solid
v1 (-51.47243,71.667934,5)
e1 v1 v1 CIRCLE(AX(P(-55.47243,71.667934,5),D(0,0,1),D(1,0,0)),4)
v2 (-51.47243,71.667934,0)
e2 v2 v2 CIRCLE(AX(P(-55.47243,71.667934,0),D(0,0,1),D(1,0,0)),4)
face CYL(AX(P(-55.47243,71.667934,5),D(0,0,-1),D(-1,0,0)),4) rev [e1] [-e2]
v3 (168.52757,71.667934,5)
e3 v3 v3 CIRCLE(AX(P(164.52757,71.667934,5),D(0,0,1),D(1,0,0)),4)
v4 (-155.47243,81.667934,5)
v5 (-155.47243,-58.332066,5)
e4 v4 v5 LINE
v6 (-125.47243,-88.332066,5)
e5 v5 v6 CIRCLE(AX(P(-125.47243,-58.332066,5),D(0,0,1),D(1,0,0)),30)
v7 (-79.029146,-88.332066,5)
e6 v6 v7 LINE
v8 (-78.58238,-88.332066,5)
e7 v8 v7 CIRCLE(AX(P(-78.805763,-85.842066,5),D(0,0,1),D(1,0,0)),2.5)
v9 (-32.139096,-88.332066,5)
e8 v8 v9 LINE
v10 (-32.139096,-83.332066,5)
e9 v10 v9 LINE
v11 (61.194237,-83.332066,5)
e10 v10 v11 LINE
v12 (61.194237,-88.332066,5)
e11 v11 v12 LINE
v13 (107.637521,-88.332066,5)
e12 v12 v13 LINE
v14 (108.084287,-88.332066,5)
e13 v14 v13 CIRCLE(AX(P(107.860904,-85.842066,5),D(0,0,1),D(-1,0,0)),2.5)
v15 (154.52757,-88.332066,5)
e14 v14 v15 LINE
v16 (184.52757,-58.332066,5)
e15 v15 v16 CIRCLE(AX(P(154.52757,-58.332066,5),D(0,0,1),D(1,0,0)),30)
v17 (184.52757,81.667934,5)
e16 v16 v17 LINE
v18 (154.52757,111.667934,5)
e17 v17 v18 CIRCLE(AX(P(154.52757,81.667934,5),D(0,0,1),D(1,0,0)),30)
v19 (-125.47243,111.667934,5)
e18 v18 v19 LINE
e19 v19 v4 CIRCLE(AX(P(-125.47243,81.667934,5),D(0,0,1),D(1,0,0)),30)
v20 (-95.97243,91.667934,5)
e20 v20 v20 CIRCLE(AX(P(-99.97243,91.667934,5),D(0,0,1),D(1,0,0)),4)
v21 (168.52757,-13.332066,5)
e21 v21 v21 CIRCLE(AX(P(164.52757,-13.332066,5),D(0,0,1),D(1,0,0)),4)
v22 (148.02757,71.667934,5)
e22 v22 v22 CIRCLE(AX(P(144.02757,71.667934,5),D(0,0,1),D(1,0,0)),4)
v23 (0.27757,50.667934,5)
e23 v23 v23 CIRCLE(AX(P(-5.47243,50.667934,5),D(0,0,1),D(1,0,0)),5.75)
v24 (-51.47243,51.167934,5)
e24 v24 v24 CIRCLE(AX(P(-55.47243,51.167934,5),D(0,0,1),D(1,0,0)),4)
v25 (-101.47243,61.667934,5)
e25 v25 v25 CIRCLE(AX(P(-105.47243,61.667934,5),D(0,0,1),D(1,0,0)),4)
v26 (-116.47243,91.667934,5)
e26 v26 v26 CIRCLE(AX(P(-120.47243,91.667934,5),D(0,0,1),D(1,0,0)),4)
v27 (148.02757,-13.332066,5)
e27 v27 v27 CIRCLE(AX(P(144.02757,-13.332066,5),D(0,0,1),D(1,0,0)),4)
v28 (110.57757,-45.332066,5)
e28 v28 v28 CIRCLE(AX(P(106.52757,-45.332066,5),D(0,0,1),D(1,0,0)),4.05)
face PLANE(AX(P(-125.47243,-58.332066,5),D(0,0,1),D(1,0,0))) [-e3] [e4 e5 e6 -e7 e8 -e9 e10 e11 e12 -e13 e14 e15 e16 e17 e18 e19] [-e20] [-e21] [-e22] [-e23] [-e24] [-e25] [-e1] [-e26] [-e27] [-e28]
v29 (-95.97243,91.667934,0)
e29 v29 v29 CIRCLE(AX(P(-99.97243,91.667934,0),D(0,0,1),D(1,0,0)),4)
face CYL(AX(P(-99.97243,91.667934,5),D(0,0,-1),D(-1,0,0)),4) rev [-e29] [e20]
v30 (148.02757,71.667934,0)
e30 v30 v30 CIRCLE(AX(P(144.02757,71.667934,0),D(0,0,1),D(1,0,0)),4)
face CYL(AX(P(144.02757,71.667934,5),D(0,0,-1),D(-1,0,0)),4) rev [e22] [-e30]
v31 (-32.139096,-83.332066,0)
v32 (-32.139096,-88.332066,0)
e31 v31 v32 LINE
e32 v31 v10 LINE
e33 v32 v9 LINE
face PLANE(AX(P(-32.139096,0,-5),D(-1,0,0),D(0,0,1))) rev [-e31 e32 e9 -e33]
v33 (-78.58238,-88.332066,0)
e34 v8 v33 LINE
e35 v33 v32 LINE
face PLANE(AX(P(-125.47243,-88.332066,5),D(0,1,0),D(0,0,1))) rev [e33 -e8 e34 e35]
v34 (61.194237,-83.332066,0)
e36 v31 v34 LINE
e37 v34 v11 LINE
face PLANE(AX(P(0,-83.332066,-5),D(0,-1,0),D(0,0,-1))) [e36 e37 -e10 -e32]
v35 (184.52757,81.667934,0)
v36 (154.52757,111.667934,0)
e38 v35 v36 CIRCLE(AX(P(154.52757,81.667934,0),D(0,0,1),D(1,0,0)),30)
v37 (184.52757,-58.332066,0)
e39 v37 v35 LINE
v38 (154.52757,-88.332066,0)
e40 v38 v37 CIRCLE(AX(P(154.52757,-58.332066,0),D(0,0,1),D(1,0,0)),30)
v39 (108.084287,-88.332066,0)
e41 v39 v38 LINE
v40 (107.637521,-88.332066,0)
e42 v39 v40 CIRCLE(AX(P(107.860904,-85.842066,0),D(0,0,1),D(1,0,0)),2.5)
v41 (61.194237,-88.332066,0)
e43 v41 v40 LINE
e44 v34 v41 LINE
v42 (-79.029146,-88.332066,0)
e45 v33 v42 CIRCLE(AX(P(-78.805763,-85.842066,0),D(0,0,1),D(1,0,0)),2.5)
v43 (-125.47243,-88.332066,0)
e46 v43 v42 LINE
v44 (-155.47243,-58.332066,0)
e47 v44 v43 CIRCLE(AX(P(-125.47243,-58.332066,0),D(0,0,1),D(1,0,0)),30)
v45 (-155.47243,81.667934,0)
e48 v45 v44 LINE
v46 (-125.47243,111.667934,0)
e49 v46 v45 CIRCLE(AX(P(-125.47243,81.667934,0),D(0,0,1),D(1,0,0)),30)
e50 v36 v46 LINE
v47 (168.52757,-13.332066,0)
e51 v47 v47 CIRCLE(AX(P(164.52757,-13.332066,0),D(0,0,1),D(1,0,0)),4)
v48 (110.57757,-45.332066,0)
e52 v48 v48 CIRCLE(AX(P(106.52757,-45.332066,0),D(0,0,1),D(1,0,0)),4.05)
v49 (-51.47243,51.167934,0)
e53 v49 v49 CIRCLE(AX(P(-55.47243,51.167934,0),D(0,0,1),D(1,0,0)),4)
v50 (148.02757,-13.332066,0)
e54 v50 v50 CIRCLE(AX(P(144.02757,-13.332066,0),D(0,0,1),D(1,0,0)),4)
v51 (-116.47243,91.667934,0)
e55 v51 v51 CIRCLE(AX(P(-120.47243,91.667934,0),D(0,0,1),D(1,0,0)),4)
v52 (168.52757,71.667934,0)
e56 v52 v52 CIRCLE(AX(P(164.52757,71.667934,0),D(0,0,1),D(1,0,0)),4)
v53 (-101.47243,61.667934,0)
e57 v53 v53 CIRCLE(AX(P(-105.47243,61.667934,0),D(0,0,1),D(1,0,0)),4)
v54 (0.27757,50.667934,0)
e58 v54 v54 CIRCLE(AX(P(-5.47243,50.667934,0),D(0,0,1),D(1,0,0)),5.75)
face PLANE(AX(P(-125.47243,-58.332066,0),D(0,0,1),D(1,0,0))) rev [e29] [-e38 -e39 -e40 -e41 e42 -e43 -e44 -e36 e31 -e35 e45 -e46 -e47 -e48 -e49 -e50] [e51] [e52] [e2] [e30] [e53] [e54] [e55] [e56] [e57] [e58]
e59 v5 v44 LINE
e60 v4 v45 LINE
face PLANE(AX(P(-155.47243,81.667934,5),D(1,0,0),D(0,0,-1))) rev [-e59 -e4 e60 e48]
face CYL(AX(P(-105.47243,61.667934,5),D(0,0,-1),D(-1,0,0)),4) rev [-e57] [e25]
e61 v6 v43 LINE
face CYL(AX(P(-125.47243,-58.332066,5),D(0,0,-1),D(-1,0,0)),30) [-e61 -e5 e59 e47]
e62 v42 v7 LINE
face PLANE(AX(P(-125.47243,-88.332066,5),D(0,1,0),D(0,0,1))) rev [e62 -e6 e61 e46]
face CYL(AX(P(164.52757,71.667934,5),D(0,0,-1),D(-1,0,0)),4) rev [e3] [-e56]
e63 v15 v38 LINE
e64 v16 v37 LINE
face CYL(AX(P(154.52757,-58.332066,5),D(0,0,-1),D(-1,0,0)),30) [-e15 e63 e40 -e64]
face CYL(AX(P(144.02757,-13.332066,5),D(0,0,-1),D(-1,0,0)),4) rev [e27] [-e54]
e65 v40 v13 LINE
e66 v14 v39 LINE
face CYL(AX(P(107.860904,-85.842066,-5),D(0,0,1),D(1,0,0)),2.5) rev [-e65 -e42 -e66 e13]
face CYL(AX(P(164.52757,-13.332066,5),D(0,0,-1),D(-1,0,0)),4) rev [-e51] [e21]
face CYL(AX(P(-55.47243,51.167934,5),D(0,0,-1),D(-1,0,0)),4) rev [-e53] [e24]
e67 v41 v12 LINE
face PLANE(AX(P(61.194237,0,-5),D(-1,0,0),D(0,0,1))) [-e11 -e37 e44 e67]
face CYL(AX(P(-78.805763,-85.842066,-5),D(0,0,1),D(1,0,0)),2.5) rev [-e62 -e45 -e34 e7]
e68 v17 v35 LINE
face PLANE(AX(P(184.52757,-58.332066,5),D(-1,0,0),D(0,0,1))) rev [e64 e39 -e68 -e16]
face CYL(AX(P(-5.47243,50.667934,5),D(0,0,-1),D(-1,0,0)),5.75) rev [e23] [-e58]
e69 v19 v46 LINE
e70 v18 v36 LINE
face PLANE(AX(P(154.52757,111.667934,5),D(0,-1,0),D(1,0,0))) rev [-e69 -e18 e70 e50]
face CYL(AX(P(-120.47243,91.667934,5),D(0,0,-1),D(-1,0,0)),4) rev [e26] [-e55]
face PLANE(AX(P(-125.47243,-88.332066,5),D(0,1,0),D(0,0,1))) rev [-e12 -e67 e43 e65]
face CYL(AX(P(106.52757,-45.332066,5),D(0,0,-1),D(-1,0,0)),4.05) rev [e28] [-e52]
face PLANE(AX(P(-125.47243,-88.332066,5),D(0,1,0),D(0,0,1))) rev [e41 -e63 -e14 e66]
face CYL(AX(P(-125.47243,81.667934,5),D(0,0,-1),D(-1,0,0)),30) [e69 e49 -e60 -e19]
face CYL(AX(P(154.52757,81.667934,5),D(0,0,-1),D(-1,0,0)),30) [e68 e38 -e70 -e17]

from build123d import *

# Parameters (mm, degrees)
CROQUIS1_R              = 4
CROQUIS1_R_2            = 5.75
CROQUIS1_R_3            = 4.05
SALIENTE_EXTRUIR1_DEPTH = 5
CROQUIS3_W              = 93.333333333
CROQUIS3_H              = 5
CORTAR_EXTRUIR1_DEPTH   = 10
CROQUIS6_R              = 2.5
CORTAR_EXTRUIR2_DEPTH   = 10


with BuildPart() as part:
    # Croquis1 → Saliente-Extruir1 (new body)
    with BuildSketch(Plane.XY):
        with BuildLine():
            Line((-125.472429705, -88.332065653), (154.527570295, -88.332065653))
            ThreePointArc((154.527570295, -88.332065653), (175.740773731, -79.545269088), (184.527570295, -58.332065653))
            Line((184.527570295, -58.332065653), (184.527570295, 81.667934347))
            ThreePointArc((184.527570295, 81.667934347), (175.740773731, 102.881137783), (154.527570295, 111.667934347))
            Line((154.527570295, 111.667934347), (-125.472429705, 111.667934347))
            ThreePointArc((-125.472429705, 111.667934347), (-146.68563314, 102.881137783), (-155.472429705, 81.667934347))
            Line((-155.472429705, 81.667934347), (-155.472429705, -58.332065653))
            ThreePointArc((-155.472429705, -58.332065653), (-146.68563314, -79.545269088), (-125.472429705, -88.332065653))
        make_face()
        with Locations((-105.472429705, 61.667934347)):
            Circle(CROQUIS1_R, mode=Mode.SUBTRACT)
        with Locations((-55.472429705, 71.667934347)):
            Circle(CROQUIS1_R, mode=Mode.SUBTRACT)
        with Locations((-55.472429705, 51.167934347)):
            Circle(CROQUIS1_R, mode=Mode.SUBTRACT)
        with Locations((144.027570295, -13.332065653)):
            Circle(CROQUIS1_R, mode=Mode.SUBTRACT)
        with Locations((164.527570295, -13.332065653)):
            Circle(CROQUIS1_R, mode=Mode.SUBTRACT)
        with Locations((144.027570295, 71.667934347)):
            Circle(CROQUIS1_R, mode=Mode.SUBTRACT)
        with Locations((164.527570295, 71.667934347)):
            Circle(CROQUIS1_R, mode=Mode.SUBTRACT)
        with Locations((-99.972429705, 91.667934347)):
            Circle(CROQUIS1_R, mode=Mode.SUBTRACT)
        with Locations((-120.472429705, 91.667934347)):
            Circle(CROQUIS1_R, mode=Mode.SUBTRACT)
        with Locations((-5.472429705, 50.667934347)):
            Circle(CROQUIS1_R_2, mode=Mode.SUBTRACT)
        with Locations((106.527570295, -45.332065653)):
            Circle(CROQUIS1_R_3, mode=Mode.SUBTRACT)
    extrude(amount=SALIENTE_EXTRUIR1_DEPTH)

    # Croquis3 → Cortar-Extruir1 (cut)
    with BuildSketch(Plane.XY.offset(5)):
        with Locations((14.527570296, -85.832065653)):
            Rectangle(CROQUIS3_W, CROQUIS3_H)
    extrude(amount=-CORTAR_EXTRUIR1_DEPTH, mode=Mode.SUBTRACT)

    # Croquis6 → Cortar-Extruir2 (cut)
    with BuildSketch(Plane.XY.offset(5)):
        with Locations((-78.805763038, -85.842065653)):
            Circle(CROQUIS6_R)
        with Locations((107.860903629, -85.842065653)):
            Circle(CROQUIS6_R)
    extrude(amount=-CORTAR_EXTRUIR2_DEPTH, mode=Mode.SUBTRACT)


solid = part.part
